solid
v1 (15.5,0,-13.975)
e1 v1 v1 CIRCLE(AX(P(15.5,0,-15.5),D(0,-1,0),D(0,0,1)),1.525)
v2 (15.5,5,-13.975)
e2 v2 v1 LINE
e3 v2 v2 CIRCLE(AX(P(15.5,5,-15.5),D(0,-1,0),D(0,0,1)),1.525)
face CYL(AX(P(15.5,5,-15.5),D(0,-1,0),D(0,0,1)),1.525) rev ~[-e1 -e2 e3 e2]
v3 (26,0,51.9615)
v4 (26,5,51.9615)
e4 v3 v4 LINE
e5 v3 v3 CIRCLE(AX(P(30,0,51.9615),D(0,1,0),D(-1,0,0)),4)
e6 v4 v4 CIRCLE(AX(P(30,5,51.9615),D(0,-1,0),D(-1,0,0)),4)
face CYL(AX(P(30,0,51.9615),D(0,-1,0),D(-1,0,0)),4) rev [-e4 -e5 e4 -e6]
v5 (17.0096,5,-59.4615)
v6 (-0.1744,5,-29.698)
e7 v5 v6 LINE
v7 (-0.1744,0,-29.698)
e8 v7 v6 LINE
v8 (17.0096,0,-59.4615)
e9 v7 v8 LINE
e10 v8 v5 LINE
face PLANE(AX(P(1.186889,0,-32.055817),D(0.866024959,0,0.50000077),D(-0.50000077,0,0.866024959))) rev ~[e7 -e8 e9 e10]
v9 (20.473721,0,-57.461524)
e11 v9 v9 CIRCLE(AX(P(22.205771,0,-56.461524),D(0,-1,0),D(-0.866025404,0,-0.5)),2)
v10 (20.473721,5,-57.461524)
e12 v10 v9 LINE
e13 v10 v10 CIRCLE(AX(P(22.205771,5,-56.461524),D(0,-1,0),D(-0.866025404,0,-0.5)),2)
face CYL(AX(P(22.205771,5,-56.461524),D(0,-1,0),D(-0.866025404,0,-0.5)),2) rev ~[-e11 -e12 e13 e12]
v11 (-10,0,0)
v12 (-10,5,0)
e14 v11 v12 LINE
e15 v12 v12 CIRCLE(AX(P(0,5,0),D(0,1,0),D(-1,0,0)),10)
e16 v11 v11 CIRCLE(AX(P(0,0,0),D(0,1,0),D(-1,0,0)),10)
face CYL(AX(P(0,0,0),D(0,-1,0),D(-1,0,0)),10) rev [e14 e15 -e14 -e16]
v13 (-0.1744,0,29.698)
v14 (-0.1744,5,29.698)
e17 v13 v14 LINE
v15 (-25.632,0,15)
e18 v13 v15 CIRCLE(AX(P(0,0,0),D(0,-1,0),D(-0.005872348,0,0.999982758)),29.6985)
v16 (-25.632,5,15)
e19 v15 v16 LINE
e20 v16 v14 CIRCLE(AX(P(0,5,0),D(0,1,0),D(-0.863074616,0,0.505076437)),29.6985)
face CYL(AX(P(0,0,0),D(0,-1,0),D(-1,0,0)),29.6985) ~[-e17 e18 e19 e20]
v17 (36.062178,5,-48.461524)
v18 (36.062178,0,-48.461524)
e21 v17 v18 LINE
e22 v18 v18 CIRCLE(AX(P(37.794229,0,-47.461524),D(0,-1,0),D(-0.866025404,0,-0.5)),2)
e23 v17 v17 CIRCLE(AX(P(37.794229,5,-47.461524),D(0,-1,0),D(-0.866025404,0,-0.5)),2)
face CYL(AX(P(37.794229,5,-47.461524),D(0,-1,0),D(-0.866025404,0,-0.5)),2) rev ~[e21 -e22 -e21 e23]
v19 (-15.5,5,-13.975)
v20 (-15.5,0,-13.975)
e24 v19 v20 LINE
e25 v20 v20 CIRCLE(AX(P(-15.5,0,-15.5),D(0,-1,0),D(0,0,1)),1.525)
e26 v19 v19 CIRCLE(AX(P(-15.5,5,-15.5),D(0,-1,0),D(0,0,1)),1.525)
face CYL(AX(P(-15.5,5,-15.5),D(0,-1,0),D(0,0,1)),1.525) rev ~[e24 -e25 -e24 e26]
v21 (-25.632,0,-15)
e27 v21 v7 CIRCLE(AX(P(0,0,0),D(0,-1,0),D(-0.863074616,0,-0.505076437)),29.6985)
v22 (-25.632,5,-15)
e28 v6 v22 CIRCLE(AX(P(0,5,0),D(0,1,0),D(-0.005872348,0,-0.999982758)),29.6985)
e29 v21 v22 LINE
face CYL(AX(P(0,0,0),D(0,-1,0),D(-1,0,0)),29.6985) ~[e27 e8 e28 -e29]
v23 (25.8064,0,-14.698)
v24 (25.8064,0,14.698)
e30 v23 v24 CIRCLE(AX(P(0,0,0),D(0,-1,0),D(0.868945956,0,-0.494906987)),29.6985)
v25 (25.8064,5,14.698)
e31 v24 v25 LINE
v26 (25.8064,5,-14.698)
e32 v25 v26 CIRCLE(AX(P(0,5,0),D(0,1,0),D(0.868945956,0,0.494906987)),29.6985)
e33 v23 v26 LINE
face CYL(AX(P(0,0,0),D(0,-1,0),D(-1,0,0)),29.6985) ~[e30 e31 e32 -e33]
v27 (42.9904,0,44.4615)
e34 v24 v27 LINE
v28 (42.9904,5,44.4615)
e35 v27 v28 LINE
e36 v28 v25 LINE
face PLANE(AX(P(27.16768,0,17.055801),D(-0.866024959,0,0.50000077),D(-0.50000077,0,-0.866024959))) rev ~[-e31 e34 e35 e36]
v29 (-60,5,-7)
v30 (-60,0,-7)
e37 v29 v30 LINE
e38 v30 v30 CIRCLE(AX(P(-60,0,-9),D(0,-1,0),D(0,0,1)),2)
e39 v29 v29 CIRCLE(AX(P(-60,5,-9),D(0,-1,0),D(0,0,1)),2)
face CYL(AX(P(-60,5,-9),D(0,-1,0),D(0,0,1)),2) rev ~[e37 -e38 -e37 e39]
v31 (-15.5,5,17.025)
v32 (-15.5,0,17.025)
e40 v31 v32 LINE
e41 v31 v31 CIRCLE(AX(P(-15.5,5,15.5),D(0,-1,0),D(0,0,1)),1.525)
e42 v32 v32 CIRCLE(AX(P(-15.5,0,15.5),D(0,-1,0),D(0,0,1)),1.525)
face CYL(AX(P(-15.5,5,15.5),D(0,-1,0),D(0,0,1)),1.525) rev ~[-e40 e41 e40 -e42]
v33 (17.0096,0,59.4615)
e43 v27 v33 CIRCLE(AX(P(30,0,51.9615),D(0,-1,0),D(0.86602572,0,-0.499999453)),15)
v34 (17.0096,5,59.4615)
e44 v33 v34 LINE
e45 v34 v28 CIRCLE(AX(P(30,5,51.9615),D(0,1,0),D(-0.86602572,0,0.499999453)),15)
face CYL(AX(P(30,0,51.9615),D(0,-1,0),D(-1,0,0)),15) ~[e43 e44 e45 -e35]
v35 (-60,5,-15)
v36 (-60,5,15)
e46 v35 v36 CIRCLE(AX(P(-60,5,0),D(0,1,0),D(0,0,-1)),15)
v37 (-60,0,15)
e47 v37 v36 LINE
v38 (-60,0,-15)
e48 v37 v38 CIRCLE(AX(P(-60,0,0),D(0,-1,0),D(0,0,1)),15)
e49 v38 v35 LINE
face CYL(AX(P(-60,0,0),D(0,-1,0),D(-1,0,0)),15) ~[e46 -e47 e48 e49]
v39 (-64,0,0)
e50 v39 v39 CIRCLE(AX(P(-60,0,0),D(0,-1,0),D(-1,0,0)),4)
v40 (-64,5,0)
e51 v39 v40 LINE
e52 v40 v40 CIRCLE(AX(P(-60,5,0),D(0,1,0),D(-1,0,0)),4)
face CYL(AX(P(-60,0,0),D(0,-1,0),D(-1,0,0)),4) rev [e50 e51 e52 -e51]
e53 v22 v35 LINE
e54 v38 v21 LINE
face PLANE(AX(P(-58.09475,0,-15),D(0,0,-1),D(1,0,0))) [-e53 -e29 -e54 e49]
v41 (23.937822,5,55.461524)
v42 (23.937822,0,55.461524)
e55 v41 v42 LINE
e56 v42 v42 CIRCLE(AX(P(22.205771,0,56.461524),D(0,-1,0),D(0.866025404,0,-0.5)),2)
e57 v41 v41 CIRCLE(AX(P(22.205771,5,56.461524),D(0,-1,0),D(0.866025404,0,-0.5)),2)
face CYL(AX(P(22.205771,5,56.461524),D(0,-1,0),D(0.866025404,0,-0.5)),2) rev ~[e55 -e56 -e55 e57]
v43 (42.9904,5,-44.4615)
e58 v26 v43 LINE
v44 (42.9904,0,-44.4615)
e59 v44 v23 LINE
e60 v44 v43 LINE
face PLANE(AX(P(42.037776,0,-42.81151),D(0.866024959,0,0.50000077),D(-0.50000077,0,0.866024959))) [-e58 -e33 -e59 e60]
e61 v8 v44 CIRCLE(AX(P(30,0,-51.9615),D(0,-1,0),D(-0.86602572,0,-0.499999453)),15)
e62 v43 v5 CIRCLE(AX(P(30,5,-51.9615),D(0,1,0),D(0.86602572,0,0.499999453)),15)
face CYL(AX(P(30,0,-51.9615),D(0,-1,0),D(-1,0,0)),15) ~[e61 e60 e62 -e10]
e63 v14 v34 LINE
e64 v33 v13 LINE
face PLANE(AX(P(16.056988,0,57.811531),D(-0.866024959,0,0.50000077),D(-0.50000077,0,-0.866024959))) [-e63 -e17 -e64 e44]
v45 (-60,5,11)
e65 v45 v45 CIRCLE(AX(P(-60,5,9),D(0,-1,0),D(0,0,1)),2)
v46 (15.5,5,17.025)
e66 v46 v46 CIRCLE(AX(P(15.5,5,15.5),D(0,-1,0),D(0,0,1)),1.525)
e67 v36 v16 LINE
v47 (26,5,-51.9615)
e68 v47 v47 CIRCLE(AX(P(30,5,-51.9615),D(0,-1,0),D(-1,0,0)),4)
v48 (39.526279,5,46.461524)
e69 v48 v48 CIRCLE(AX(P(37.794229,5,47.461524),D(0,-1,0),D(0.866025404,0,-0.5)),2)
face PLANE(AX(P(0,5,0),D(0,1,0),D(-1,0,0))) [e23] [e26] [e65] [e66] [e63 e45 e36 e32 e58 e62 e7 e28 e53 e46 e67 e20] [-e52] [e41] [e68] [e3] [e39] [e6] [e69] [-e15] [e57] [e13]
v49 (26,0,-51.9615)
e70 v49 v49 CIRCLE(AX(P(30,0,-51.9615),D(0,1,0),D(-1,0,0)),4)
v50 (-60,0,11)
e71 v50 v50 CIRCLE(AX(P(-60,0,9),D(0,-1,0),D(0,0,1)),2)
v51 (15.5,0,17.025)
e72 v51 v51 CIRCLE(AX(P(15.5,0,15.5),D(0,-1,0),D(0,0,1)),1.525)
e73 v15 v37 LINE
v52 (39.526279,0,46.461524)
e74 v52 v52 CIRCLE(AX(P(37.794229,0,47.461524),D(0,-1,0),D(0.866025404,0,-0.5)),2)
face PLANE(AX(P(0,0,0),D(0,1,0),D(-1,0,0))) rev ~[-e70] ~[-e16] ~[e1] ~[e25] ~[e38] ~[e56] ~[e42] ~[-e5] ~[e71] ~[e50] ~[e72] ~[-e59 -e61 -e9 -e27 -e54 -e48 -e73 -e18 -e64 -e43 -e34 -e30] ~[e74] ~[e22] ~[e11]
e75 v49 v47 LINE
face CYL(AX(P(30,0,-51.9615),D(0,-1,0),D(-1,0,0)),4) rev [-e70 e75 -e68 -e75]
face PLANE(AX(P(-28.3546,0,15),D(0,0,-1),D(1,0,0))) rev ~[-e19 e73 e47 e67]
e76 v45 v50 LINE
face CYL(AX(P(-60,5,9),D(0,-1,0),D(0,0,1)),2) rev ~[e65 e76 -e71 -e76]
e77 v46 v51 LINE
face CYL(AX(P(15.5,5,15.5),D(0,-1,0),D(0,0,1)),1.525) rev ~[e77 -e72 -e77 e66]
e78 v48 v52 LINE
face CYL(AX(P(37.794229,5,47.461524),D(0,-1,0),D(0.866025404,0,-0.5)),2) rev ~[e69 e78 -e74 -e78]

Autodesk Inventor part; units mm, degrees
ref_plane "YZ Plane" through (0, 0, 0) normal (1, 0, 0) x (0, 1, 0)
ref_plane "XZ Plane" through (0, 0, 0) normal (0, 1, 0) x (-1, 0, 0)
ref_plane "XY Plane" through (0, 0, 0) normal (0, 0, 1) x (1, 0, 0)
sketch "Sketch1" plane through (0, 0, 0) normal (0, 1, 0) x (-1, 0, 0)
  circle A0 centre (0, 0) radius 60
  circle A1 centre (60, 0) radius 4
  circle A2 centre (-30, 51.9615) radius 4
  circle A3 centre (-30, -51.9615) radius 4
  circle A4 centre (-30, 51.9615) radius 15
  circle A5 centre (-30, -51.9615) radius 15
  circle A6 centre (60, 0) radius 15
  line L0 (21, -21) -> (-21, -21)
  line L1 (-21, -21) -> (-21, 21)
  line L2 (-21, 21) -> (21, 21)
  line L3 (21, 21) -> (21, -21)
  line L4 (21, -21) -> (-21, 21) construction
  line L5 (-21, -21) -> (21, 21) construction
  line L6 (67.5, 12.9904) -> (-22.5, 64.9519)
  line L7 (67.5, -12.9904) -> (-22.5, -64.9519)
  line L8 (-45, 51.9615) -> (-45, -51.9615)
  circle A7 centre (0, 0) radius 10
  line L9 (67.5, 12.9904) -> (21, 39.8372)
  line L10 (60, 15) -> (25.632, 15)
  line L11 (60, -15) -> (25.632, -15)
  circle A8 centre (0, 0) radius 29.6985
  circle A9 centre (28.3546, 20) radius 5
  circle A10 centre (28.3546, -20) radius 5
  circle A11 centre (-31.4978, 14.5558) radius 5
  line L12 (-42.9904, 44.4615) -> (-25.8064, 14.698)
  line L13 (-17.0096, 59.4615) -> (0.1744, 29.698)
  circle A12 centre (3.1432, 34.5558) radius 5
  circle A13 centre (3.1432, -34.5558) radius 5
  line L14 (-17.0096, -59.4615) -> (0.1744, -29.698)
  line L15 (-42.9904, -44.4615) -> (-25.8064, -14.698)
  circle A14 centre (-31.4978, -14.5558) radius 5
  point P0 (16, -16)
  point P1 (16, 16)
  point P2 (-16, 16)
  point P3 (-16, -16)
  point P4 (-16.174, 57.7789)
  point P5 (-41.951, 42.8966)
  point P6 (-42.0378, 42.8115)
  point P7 (-25.8064, 14.698)
  point P8 (-25.8064, -14.698)
  point P9 (-42.0378, -42.8115)
  point P10 (-41.951, -42.8966)
  point P11 (-16.174, -57.7789)
  point P12 (-16.057, -57.8115)
  point P13 (58.0948, -15)
  point P14 (58.125, -14.8824)
  point P15 (58.125, 14.8824)
  point P16 (58.0948, 15)
  point P17 (-16.057, 57.8115)
  dimension "d0" = 120
  dimension "d2" = 8
  dimension "d5" = 360
  dimension "d7" = 30
  dimension "d8" = 30
  dimension "d9" = 30
  dimension "d10" = 42
  dimension "d11" = 42
  dimension "d12" = 20
  dimension "d13" = 32
  dimension "d14" = 16
  dimension "d15" = 16
  dimension "d16" = 32
  dimension "d17" = 10
  dimension "d18" = 10
  dimension "d21" = 360
extrude "Extrusion1" add sketch "Sketch1" along normal blind 5 contours A1 A0 A6 | A0 A6 A1 | A6 A0 L11 A8 L10 | A0 L10 A6 | A6 L11 A0 | A8 L3 | L13 A8 L12 A0 A4 | A0 A4 L13 | A4 A0 A2 | L3 L0 L1 L2 | L2 A8 | L14 A5 A0 | A0 A5 L15 A8 L14 | A5 A0 A3 | A8 L0 | A4 A0 A2 | L1 A8 | A0 A3 A5 | A4 A0 L12 | L15 A0 A5
sketch "Sketch2" plane through (0, 5, 0) normal (0, 1, 0) x (1, 0, 0)
  point P0 (0, 0)
  point P1 (-15.5, -15.5)
  point P2 (-15.5, 15.5)
  point P3 (15.5, -15.5)
  point P4 (15.5, 15.5)
  dimension "d25" = 31
  dimension "d26" = 31
  dimension "d27" = 15.5
  dimension "d28" = 15.5
hole "Hole1" at (-15.5, 5, 15.5) at (-15.5, 5, -15.5) at (15.5, 5, 15.5) at (15.5, 5, -15.5) direction (0, -1, 0) diameter 3.05 end through all
sketch "Sketch3" plane through (0, 5, 0) normal (0, 1, 0) x (1, 0, 0)
  circle A0 centre (-60, 0) radius 4 projected
  point P0 (0, 0)
  point P1 (-60, -9)
  point P2 (-60, 9)
  dimension "d36" = 9
  dimension "d37" = 18
hole "Hole2" at (-60, 5, 9) at (-60, 5, -9) direction (0, -1, 0) diameter 4 end through all
pattern_circular "Circular Pattern1" count 3 over 360 about axis through (0, 0, 0) along (0, 1, 0) of "Hole2"
properties part number "De_Duoi" material "Aluminum 6061"
